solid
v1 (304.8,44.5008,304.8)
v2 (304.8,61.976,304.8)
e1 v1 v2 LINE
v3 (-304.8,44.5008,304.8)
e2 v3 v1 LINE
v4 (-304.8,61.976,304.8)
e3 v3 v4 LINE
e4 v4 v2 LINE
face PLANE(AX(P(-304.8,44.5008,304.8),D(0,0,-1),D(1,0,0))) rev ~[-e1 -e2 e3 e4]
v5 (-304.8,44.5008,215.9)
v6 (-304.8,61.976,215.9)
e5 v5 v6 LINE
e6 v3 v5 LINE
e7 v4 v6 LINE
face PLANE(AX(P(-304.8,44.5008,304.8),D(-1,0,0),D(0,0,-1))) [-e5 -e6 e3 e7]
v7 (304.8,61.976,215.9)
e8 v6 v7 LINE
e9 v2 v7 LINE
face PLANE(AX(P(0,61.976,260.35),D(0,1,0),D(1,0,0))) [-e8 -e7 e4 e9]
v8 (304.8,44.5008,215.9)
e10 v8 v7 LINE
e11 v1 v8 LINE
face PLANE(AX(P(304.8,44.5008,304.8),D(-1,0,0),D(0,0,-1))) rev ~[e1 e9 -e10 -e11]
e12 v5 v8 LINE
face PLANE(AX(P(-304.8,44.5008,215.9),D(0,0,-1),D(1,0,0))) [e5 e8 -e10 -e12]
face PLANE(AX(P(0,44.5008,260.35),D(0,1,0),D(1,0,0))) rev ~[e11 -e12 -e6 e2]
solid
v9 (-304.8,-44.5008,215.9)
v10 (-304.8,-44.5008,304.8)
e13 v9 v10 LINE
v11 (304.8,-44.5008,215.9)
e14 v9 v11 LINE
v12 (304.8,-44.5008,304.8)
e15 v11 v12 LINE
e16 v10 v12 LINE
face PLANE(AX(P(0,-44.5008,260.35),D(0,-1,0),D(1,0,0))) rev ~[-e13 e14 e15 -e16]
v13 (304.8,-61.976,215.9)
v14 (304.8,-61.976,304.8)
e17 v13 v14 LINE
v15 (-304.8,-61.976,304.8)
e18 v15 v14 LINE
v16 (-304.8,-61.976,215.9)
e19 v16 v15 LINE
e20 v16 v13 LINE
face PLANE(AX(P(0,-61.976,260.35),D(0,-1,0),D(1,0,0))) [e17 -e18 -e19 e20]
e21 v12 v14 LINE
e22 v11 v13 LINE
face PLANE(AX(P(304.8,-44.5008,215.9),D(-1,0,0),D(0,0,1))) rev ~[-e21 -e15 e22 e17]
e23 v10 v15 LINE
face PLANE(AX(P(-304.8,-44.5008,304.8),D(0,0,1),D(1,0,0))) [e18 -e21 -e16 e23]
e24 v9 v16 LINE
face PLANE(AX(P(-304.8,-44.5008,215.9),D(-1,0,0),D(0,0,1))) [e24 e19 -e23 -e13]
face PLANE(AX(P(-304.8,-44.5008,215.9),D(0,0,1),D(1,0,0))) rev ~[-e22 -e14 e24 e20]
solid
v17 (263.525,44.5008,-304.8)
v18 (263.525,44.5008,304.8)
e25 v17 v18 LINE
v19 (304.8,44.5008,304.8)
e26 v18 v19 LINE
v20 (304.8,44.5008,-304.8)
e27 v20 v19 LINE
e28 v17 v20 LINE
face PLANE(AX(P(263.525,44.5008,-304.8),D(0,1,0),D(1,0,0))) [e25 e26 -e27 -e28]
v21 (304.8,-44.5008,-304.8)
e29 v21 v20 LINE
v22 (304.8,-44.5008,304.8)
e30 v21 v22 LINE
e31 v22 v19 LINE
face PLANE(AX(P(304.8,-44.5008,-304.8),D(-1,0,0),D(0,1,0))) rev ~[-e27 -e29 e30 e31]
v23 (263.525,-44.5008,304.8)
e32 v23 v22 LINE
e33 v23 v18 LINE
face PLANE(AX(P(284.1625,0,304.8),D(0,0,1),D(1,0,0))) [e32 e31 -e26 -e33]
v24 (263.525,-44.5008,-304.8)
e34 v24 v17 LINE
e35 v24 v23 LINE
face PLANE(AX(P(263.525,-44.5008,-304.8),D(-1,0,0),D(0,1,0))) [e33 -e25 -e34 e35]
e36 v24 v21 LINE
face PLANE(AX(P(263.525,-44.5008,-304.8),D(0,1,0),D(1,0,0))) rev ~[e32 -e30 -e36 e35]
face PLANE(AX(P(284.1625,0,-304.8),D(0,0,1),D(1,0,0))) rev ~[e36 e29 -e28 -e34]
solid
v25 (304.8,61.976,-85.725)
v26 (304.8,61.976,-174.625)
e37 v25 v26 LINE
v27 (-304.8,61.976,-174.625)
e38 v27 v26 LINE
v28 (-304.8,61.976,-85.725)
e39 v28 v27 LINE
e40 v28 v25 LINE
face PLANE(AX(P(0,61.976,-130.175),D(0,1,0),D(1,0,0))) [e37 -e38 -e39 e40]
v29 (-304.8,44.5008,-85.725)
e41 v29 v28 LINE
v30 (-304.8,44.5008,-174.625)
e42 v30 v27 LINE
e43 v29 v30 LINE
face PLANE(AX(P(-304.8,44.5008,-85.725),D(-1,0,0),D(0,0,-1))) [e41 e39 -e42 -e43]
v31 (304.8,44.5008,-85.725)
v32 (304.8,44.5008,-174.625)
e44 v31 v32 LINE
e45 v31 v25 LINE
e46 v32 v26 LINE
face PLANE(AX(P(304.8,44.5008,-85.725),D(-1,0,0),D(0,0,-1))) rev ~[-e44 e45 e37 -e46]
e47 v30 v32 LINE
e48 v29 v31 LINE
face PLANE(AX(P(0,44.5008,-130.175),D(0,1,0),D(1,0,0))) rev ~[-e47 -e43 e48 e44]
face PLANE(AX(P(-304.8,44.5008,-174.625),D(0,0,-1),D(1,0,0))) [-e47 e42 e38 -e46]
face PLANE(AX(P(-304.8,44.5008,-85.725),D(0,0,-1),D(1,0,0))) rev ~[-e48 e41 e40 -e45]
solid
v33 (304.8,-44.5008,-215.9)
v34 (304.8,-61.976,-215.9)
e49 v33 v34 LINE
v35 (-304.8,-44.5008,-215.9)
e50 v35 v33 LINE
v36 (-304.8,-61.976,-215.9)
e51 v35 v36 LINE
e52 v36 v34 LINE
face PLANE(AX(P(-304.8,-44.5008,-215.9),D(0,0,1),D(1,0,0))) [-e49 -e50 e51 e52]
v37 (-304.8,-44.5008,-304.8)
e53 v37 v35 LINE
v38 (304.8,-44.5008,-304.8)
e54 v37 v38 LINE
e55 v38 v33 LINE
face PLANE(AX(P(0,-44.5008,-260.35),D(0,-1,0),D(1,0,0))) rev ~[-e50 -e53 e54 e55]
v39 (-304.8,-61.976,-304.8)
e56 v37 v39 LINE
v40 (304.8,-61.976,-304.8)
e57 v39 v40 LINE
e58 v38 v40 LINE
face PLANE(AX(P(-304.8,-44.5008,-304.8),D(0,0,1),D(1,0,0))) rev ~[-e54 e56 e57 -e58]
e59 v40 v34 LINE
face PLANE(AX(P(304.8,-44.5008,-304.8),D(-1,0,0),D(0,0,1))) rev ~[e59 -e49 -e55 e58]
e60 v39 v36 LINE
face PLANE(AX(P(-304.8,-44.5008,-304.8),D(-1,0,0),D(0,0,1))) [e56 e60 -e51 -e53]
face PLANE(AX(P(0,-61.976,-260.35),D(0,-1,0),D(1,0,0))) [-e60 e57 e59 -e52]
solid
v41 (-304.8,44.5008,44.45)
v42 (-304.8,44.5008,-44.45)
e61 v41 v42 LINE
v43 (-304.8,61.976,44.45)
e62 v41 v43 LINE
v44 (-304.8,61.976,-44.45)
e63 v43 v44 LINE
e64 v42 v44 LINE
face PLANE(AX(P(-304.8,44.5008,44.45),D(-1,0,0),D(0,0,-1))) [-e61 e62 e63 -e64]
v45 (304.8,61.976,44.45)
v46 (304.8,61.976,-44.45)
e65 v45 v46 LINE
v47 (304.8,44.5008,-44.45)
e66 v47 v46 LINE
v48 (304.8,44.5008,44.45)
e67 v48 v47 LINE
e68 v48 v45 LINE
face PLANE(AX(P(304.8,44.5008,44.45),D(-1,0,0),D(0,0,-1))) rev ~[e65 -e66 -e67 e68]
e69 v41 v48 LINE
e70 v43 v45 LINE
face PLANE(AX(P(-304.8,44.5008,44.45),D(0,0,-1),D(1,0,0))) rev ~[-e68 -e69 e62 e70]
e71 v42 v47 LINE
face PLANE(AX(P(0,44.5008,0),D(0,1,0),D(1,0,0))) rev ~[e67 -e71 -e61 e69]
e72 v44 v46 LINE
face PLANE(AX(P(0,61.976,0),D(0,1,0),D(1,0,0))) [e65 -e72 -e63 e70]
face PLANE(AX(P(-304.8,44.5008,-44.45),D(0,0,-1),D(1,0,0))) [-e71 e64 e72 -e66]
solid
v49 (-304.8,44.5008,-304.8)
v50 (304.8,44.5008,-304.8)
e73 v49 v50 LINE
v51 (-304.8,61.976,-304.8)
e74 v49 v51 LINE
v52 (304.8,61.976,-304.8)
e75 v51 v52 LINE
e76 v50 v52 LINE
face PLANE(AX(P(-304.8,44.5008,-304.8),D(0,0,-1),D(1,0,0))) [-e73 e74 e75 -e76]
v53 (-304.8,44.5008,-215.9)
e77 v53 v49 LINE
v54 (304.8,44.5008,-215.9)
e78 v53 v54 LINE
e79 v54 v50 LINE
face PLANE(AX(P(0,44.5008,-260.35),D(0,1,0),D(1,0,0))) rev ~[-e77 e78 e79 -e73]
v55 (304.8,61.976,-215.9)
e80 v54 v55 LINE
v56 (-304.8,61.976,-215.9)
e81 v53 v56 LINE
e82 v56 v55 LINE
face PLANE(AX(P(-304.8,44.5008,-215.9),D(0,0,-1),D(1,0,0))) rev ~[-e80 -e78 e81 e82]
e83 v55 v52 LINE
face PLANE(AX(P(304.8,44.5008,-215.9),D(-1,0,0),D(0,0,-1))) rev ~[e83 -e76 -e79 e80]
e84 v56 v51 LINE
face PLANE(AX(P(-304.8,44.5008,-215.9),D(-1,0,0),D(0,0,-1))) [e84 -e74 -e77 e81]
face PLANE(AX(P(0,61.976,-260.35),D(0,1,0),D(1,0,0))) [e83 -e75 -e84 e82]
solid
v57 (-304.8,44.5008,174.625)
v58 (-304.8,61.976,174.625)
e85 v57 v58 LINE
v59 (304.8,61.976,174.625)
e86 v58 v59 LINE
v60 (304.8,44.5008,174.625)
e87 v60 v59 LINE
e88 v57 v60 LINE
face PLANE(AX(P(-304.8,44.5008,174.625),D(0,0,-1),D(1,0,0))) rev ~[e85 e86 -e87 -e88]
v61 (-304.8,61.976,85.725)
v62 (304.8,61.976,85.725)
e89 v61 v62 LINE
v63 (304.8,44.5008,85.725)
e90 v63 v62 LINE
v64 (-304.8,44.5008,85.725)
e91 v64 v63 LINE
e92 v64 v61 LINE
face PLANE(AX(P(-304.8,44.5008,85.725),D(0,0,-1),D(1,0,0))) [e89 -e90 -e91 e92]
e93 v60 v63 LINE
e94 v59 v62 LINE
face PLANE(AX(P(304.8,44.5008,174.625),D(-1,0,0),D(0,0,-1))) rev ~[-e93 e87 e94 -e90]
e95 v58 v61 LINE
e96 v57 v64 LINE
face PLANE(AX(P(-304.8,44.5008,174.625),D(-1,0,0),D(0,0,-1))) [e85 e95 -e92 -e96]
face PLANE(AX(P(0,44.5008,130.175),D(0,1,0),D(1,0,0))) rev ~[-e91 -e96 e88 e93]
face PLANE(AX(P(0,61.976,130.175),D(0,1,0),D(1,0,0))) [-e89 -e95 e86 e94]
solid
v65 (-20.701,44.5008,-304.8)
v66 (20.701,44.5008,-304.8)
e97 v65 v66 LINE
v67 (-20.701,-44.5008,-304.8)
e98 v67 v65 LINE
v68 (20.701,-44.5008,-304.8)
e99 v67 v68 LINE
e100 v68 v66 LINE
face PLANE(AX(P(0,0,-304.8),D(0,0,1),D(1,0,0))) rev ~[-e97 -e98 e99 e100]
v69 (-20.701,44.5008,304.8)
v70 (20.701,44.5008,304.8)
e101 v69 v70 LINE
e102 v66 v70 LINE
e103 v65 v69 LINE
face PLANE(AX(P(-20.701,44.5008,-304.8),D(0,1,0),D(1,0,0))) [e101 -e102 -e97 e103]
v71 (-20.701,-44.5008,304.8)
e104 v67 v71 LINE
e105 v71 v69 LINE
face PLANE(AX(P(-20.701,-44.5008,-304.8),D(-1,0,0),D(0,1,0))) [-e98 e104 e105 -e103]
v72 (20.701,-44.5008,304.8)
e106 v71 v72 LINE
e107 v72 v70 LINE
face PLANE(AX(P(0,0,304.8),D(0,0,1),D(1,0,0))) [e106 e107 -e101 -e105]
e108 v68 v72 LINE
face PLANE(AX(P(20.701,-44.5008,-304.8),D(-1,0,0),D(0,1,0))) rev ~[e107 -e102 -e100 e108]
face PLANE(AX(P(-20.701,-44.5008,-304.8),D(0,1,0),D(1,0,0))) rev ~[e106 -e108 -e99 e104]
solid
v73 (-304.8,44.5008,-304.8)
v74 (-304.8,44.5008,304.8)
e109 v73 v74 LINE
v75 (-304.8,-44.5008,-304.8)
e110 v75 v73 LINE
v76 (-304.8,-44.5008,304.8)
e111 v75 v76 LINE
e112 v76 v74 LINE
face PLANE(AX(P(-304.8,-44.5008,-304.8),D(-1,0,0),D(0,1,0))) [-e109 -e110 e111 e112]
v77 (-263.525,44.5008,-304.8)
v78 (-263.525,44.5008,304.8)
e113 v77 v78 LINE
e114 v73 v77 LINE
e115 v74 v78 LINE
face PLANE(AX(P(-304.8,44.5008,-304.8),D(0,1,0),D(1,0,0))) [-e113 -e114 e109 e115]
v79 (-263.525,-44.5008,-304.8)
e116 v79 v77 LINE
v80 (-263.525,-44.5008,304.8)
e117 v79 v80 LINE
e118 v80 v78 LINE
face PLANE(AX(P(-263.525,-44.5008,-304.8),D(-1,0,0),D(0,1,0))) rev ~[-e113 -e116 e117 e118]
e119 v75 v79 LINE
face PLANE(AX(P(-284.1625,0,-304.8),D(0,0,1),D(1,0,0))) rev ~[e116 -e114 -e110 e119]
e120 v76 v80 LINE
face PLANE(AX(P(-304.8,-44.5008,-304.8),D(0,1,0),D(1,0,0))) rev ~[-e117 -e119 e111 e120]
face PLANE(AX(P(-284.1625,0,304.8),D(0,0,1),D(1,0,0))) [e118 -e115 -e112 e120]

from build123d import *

# Parameters (mm, degrees)
BOSS_EXTRUDE1_DEPTH        = 304.8
BOSS_EXTRUDE1_DEPTH_BACK   = 304.8
SKETCH3_W                  = 41.275
SKETCH3_H                  = 89.0016
BOSS_EXTRUDE1_2_DEPTH      = 304.8
BOSS_EXTRUDE1_2_DEPTH_BACK = 304.8
SKETCH3_W_2                = 41.402
BOSS_EXTRUDE1_3_DEPTH      = 304.8
BOSS_EXTRUDE1_3_DEPTH_BACK = 304.8
SKETCH4_W                  = 609.6
SKETCH4_H                  = 88.9
BOSS_EXTRUDE2_DEPTH        = 17.4752
BOSS_EXTRUDE2_2_DEPTH      = 17.4752
BOSS_EXTRUDE2_3_DEPTH      = 17.4752
BOSS_EXTRUDE2_4_DEPTH      = 17.4752
BOSS_EXTRUDE2_5_DEPTH      = 17.4752
SKETCH5_W                  = 609.6
SKETCH5_H                  = 88.9
BOSS_EXTRUDE3_DEPTH        = 17.4752
BOSS_EXTRUDE3_2_DEPTH      = 17.4752


with BuildPart() as part:
    # Sketch3 → Boss-Extrude1 (new, two sides: drawn at the far end of the back side and taken through both)
    with BuildSketch(Plane.XY.offset(-BOSS_EXTRUDE1_DEPTH_BACK)):
        with Locations((-284.1625, 0)):
            Rectangle(SKETCH3_W, SKETCH3_H)
    extrude(amount=BOSS_EXTRUDE1_DEPTH + BOSS_EXTRUDE1_DEPTH_BACK)


with BuildPart() as body_2:
    # Sketch3 → Boss-Extrude1 2 (new, two sides: drawn at the far end of the back side and taken through both)
    with BuildSketch(Plane.XY.offset(-BOSS_EXTRUDE1_2_DEPTH_BACK)):
        Rectangle(SKETCH3_W_2, SKETCH3_H)
    extrude(amount=BOSS_EXTRUDE1_2_DEPTH + BOSS_EXTRUDE1_2_DEPTH_BACK)


with BuildPart() as body_3:
    # Sketch3 → Boss-Extrude1 3 (new, two sides: drawn at the far end of the back side and taken through both)
    with BuildSketch(Plane.XY.offset(-BOSS_EXTRUDE1_3_DEPTH_BACK)):
        with Locations((284.1625, 0)):
            Rectangle(SKETCH3_W, SKETCH3_H)
    extrude(amount=BOSS_EXTRUDE1_3_DEPTH + BOSS_EXTRUDE1_3_DEPTH_BACK)


with BuildPart() as body_4:
    # Sketch4 → Boss-Extrude2 (new body)
    with BuildSketch(Plane(origin=(0, 44.5008, 0), x_dir=(1, 0, 0), z_dir=(0, 1, 0))):
        with Locations((0, -260.35)):
            Rectangle(SKETCH4_W, SKETCH4_H)
    extrude(amount=BOSS_EXTRUDE2_DEPTH)


with BuildPart() as body_5:
    # Sketch4 → Boss-Extrude2 2 (new body)
    with BuildSketch(Plane(origin=(0, 44.5008, 0), x_dir=(1, 0, 0), z_dir=(0, 1, 0))):
        with Locations((0, -130.175)):
            Rectangle(SKETCH4_W, SKETCH4_H)
    extrude(amount=BOSS_EXTRUDE2_2_DEPTH)


with BuildPart() as body_6:
    # Sketch4 → Boss-Extrude2 3 (new body)
    with BuildSketch(Plane(origin=(0, 44.5008, 0), x_dir=(1, 0, 0), z_dir=(0, 1, 0))):
        Rectangle(SKETCH4_W, SKETCH4_H)
    extrude(amount=BOSS_EXTRUDE2_3_DEPTH)


with BuildPart() as body_7:
    # Sketch4 → Boss-Extrude2 4 (new body)
    with BuildSketch(Plane(origin=(0, 44.5008, 0), x_dir=(1, 0, 0), z_dir=(0, 1, 0))):
        with Locations((0, 130.175)):
            Rectangle(SKETCH4_W, SKETCH4_H)
    extrude(amount=BOSS_EXTRUDE2_4_DEPTH)


with BuildPart() as body_8:
    # Sketch4 → Boss-Extrude2 5 (new body)
    with BuildSketch(Plane(origin=(0, 44.5008, 0), x_dir=(1, 0, 0), z_dir=(0, 1, 0))):
        with Locations((0, 260.35)):
            Rectangle(SKETCH4_W, SKETCH4_H)
    extrude(amount=BOSS_EXTRUDE2_5_DEPTH)


with BuildPart() as body_9:
    # Sketch5 → Boss-Extrude3 (new body)
    with BuildSketch(Plane.XZ.offset(44.5008)):
        with Locations((0, 260.35)):
            Rectangle(SKETCH5_W, SKETCH5_H)
    extrude(amount=BOSS_EXTRUDE3_DEPTH)


with BuildPart() as body_10:
    # Sketch5 → Boss-Extrude3 2 (new body)
    with BuildSketch(Plane.XZ.offset(44.5008)):
        with Locations((0, -260.35)):
            Rectangle(SKETCH5_W, SKETCH5_H)
    extrude(amount=BOSS_EXTRUDE3_2_DEPTH)


solid = Compound([part.part, body_2.part, body_3.part, body_4.part, body_5.part, body_6.part, body_7.part, body_8.part, body_9.part, body_10.part])
